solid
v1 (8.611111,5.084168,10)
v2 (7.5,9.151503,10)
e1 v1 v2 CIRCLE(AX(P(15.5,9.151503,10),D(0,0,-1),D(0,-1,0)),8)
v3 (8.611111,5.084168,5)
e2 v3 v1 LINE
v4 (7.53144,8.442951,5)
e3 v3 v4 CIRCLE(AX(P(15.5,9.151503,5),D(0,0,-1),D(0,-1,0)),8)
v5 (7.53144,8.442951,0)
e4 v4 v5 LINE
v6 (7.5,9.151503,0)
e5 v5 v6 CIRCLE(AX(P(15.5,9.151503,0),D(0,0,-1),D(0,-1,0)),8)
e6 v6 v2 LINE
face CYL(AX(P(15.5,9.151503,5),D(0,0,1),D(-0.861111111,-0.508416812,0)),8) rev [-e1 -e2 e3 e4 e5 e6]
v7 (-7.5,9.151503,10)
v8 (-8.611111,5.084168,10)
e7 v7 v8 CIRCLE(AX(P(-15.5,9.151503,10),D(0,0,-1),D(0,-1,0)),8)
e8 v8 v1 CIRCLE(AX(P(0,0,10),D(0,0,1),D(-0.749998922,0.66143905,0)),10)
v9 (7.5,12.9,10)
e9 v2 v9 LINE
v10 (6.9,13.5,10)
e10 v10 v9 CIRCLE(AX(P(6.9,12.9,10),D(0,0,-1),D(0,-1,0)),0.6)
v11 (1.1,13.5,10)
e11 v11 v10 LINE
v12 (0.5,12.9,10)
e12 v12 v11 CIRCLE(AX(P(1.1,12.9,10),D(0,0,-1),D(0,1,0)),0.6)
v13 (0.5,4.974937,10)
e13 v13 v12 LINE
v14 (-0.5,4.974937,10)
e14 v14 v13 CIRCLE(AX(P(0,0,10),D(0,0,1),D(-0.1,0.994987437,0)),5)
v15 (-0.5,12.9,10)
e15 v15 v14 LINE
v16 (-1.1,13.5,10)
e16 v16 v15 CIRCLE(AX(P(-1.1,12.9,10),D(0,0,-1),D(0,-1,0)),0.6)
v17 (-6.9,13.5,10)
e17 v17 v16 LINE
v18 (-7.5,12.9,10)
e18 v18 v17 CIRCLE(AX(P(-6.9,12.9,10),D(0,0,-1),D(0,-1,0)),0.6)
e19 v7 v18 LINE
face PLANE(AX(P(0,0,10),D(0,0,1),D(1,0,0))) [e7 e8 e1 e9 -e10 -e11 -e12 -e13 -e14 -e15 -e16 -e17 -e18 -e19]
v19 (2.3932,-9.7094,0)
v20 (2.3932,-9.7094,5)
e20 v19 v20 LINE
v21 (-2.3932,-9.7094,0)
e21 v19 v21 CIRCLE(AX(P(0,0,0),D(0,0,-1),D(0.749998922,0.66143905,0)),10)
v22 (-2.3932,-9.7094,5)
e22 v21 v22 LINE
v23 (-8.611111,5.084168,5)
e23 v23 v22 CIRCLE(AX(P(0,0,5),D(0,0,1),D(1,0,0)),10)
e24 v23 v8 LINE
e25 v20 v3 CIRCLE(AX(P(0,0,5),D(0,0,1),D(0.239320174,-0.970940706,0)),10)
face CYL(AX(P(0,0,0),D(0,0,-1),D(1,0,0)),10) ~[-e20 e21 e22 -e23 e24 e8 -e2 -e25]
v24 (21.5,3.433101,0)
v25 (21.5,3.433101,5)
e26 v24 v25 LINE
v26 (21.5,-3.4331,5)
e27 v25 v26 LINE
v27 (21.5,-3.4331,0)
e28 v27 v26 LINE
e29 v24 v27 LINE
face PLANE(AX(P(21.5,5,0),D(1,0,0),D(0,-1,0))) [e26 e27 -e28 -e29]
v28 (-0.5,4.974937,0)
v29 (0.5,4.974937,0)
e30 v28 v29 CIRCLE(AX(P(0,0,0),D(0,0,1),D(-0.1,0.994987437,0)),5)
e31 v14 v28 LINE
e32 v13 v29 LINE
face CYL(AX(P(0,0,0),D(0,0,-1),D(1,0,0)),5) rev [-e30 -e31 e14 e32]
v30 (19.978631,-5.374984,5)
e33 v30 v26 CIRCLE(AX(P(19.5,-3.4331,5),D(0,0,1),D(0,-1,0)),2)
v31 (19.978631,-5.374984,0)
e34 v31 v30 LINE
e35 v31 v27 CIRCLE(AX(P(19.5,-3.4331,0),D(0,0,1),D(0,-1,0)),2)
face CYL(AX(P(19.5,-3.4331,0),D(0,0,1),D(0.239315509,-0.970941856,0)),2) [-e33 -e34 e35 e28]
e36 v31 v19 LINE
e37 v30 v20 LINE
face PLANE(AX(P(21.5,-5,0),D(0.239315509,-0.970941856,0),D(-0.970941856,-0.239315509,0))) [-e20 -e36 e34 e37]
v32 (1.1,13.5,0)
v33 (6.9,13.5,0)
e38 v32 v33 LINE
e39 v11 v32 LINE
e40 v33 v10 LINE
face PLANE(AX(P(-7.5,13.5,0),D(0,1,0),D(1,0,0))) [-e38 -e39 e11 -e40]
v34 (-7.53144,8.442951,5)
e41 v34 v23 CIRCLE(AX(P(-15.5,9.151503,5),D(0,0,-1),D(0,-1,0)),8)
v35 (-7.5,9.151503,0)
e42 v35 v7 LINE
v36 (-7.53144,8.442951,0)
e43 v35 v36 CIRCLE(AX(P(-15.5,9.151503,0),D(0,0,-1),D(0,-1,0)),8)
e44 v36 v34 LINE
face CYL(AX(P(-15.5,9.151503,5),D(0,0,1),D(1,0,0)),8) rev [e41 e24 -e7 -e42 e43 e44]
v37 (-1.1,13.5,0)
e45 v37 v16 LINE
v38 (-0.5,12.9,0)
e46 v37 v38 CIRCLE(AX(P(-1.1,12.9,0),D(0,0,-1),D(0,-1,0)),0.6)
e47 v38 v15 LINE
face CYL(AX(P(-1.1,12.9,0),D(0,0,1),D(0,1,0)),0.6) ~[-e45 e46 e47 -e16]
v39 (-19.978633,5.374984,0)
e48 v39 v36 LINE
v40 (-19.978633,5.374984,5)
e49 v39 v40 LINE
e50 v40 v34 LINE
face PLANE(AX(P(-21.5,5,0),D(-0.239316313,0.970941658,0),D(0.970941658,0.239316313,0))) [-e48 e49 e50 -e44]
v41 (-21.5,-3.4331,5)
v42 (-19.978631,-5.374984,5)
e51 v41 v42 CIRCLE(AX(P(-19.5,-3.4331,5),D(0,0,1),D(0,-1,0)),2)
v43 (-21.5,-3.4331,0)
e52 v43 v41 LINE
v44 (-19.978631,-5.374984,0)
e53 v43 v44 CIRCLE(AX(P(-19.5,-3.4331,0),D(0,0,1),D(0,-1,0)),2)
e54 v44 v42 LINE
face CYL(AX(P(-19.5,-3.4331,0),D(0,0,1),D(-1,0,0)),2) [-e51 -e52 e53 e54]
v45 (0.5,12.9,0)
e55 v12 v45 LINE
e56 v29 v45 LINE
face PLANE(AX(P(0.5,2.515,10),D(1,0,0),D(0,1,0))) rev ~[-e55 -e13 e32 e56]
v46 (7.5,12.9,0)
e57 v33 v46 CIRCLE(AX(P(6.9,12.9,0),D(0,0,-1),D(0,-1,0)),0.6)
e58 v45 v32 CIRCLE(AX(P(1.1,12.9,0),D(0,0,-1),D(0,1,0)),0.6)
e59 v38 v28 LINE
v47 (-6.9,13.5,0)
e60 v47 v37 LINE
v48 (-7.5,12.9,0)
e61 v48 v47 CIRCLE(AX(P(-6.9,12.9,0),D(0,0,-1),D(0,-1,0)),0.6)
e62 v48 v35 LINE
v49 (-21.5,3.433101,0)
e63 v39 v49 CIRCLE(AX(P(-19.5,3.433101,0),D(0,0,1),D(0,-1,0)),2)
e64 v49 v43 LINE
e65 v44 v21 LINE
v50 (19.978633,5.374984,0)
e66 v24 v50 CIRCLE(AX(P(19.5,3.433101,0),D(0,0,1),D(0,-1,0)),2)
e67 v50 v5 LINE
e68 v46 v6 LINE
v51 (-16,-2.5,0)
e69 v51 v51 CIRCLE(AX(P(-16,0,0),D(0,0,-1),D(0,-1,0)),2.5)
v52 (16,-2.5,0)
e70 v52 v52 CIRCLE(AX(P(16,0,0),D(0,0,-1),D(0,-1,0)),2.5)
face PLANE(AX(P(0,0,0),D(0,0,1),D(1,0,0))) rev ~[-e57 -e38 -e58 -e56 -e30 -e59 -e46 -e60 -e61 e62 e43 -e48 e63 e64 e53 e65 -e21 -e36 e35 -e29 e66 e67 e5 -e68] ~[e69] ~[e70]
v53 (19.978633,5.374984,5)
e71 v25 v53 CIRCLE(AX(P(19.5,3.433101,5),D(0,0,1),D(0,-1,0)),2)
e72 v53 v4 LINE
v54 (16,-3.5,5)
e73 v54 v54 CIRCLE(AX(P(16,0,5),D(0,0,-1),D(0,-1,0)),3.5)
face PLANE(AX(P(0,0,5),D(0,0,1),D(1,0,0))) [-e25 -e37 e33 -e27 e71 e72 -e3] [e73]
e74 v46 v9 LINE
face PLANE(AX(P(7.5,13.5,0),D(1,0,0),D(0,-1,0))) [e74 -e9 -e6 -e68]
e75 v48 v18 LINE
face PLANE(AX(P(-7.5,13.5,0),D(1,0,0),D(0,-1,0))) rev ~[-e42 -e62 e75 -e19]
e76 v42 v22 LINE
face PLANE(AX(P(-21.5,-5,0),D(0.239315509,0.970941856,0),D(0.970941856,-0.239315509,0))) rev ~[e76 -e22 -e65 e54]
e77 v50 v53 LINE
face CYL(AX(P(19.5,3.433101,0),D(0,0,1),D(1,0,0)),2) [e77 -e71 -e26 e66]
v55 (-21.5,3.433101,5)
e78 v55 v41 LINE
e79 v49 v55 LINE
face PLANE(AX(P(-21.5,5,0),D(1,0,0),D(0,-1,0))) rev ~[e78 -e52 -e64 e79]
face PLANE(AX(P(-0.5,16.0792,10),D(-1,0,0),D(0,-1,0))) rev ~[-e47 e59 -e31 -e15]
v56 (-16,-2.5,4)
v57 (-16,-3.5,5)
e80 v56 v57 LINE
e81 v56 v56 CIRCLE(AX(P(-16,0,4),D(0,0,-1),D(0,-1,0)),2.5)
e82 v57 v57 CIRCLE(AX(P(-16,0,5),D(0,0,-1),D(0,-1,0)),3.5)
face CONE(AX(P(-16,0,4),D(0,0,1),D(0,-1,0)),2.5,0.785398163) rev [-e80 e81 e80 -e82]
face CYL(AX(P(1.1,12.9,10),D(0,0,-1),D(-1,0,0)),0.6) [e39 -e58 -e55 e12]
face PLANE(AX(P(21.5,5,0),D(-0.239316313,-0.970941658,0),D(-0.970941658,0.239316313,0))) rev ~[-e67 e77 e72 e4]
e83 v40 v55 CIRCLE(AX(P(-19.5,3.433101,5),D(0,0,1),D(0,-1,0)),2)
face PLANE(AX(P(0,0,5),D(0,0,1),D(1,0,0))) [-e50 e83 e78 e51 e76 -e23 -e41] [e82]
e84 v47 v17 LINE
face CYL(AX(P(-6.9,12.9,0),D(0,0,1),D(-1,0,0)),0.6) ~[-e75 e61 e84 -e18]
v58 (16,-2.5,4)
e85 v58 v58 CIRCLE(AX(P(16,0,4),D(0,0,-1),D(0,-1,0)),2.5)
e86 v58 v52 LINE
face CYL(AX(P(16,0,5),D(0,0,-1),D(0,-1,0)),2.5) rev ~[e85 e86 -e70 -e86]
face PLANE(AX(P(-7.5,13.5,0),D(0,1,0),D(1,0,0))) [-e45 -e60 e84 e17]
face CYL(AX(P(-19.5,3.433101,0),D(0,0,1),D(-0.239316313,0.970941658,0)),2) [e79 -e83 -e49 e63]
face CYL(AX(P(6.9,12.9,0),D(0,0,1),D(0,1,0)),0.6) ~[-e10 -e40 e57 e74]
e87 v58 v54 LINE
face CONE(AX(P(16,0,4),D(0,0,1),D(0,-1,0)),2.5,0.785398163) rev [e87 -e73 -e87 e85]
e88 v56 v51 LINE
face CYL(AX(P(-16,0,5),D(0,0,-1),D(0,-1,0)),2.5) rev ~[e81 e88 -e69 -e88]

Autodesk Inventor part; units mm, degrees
ref_plane "YZ Plane" through (0, 0, 0) normal (1, 0, 0) x (0, 1, 0)
ref_plane "XZ Plane" through (0, 0, 0) normal (0, 1, 0) x (-1, 0, 0)
ref_plane "XY Plane" through (0, 0, 0) normal (0, 0, 1) x (1, 0, 0)
sketch "Szkic1" plane through (0, 0, 0) normal (0, 0, 1) x (1, 0, 0)
  circle A0 centre (0, 0) radius 5
  line L0 (-21.5, 5) -> (-21.5, -5)
  line L1 (21.5, 5) -> (21.5, -5)
  circle A1 centre (0, 0) radius 10
  line L2 (-21.5, -5) -> (-2.3932, -9.7094)
  line L3 (21.5, -5) -> (2.3932, -9.7094)
  line L4 (-7.5, 13.5) -> (7.5, 13.5)
  line L5 (-21.5, 5) -> (-7.5, 8.4507)
  line L6 (21.5, 5) -> (7.5, 8.4507)
  line L7 (-7.5, 13.5) -> (-7.5, 6.6144)
  line L8 (7.5, 13.5) -> (7.5, 6.6144)
  dimension "d0" = 10
  dimension "d1" = 43
  dimension "d2" = 10
  dimension "d3" = 10
  dimension "d4" = 5
  dimension "d5" = 21.5
  dimension "d6" = 20
  dimension "d7" = 13.5
  dimension "d8" = 7.5
  dimension "d9" = 15
extrude "Wyciągnięcie proste1" add sketch "Szkic1" along normal blind 5 contours L5 L7 A1 L2 L0 | A1 L8 L6 L1 L3
extrude "Wyciągnięcie proste2" add sketch "Szkic1" along normal blind 10 contours L7 L4 L8 A1 | A1
fillet "Zaokrąglenie1" radius 8 2 edges at (7.5, 6.6144, 7.5) (-7.5, 6.6144, 7.5)
fillet "Zaokrąglenie2" radius 2 4 edges at (21.5, 5, 2.5) (21.5, -5, 2.5) (-21.5, -5, 2.5) (-21.5, 5, 2.5)
sketch "Szkic2" plane through (0, 0, 10) normal (0, 0, 1) x (1, 0, 0)
  line L0 (-0.5, 2.515) -> (0.5, 2.515)
  line L1 (0.5, 2.515) -> (0.5, 16.0792)
  line L2 (0.5, 16.0792) -> (-0.5, 16.0792)
  line L3 (-0.5, 16.0792) -> (-0.5, 2.515)
  point P0 (0, 0)
  dimension "d16" = 1
  dimension "d17" = 0.5
extrude "Wyciągnięcie proste3" cut sketch "Szkic2" against normal through all
fillet "Zaokrąglenie3" radius 0.6 4 edges at (-7.5, 13.5, 5) (-0.5, 13.5, 5) (0.5, 13.5, 5) (7.5, 13.5, 5)
sketch "Szkic3" plane through (0, 0, 5) normal (0, 0, 1) x (1, 0, 0)
  arc A0 (-19.9786, 5.375) -> (-21.5, 3.4331) centre (-19.5, 3.4331) ccw projected
  line L0 (-21.5, 3.4331) -> (-21.5, -3.4331) projected
  arc A1 (-21.5, -3.4331) -> (-19.9786, -5.375) centre (-19.5, -3.4331) ccw projected
  line L1 (-19.9786, -5.375) -> (-2.3932, -9.7094) projected
  arc A2 (-8.6111, 5.0842) -> (-2.3932, -9.7094) centre (0, 0) ccw projected
  arc A3 (-8.6111, 5.0842) -> (-7.5314, 8.4429) centre (-15.5, 9.1515) ccw projected
  line L2 (-7.5314, 8.4429) -> (-19.9786, 5.375) projected
  arc A4 (19.9786, -5.375) -> (21.5, -3.4331) centre (19.5, -3.4331) ccw projected
  line L3 (21.5, -3.4331) -> (21.5, 3.4331) projected
  arc A5 (21.5, 3.4331) -> (19.9786, 5.375) centre (19.5, 3.4331) ccw projected
  line L4 (19.9786, 5.375) -> (7.5314, 8.4429) projected
  arc A6 (7.5314, 8.4429) -> (8.6111, 5.0842) centre (15.5, 9.1515) ccw projected
  arc A7 (2.3932, -9.7094) -> (8.6111, 5.0842) centre (0, 0) ccw projected
  line L5 (2.3932, -9.7094) -> (19.9786, -5.375) projected
  point P0 (-16, 0)
  point P1 (16, 0)
  dimension "d21" = 32
  dimension "d22" = 43
  dimension "d23" = 5.5
hole "Otwór1" at (-16, 0, 5) at (16, 0, 5) direction (0, 0, -1) diameter 5 end through all
chamfer "Faza1" distance 1 angle 45 2 edges at (-16, 2.5, 5) (16, 2.5, 5)
equation "\"d3\" = d2"
equation "\"d5\" = 0.5 * d1"
equation "\"d8\" = 0.5 * d9"
equation "\"d23\" = -0.5 * d21 + 0.5 * d22"
properties part number "COTS_GENERIC_SHF10_Linear_Rail_Mount"
